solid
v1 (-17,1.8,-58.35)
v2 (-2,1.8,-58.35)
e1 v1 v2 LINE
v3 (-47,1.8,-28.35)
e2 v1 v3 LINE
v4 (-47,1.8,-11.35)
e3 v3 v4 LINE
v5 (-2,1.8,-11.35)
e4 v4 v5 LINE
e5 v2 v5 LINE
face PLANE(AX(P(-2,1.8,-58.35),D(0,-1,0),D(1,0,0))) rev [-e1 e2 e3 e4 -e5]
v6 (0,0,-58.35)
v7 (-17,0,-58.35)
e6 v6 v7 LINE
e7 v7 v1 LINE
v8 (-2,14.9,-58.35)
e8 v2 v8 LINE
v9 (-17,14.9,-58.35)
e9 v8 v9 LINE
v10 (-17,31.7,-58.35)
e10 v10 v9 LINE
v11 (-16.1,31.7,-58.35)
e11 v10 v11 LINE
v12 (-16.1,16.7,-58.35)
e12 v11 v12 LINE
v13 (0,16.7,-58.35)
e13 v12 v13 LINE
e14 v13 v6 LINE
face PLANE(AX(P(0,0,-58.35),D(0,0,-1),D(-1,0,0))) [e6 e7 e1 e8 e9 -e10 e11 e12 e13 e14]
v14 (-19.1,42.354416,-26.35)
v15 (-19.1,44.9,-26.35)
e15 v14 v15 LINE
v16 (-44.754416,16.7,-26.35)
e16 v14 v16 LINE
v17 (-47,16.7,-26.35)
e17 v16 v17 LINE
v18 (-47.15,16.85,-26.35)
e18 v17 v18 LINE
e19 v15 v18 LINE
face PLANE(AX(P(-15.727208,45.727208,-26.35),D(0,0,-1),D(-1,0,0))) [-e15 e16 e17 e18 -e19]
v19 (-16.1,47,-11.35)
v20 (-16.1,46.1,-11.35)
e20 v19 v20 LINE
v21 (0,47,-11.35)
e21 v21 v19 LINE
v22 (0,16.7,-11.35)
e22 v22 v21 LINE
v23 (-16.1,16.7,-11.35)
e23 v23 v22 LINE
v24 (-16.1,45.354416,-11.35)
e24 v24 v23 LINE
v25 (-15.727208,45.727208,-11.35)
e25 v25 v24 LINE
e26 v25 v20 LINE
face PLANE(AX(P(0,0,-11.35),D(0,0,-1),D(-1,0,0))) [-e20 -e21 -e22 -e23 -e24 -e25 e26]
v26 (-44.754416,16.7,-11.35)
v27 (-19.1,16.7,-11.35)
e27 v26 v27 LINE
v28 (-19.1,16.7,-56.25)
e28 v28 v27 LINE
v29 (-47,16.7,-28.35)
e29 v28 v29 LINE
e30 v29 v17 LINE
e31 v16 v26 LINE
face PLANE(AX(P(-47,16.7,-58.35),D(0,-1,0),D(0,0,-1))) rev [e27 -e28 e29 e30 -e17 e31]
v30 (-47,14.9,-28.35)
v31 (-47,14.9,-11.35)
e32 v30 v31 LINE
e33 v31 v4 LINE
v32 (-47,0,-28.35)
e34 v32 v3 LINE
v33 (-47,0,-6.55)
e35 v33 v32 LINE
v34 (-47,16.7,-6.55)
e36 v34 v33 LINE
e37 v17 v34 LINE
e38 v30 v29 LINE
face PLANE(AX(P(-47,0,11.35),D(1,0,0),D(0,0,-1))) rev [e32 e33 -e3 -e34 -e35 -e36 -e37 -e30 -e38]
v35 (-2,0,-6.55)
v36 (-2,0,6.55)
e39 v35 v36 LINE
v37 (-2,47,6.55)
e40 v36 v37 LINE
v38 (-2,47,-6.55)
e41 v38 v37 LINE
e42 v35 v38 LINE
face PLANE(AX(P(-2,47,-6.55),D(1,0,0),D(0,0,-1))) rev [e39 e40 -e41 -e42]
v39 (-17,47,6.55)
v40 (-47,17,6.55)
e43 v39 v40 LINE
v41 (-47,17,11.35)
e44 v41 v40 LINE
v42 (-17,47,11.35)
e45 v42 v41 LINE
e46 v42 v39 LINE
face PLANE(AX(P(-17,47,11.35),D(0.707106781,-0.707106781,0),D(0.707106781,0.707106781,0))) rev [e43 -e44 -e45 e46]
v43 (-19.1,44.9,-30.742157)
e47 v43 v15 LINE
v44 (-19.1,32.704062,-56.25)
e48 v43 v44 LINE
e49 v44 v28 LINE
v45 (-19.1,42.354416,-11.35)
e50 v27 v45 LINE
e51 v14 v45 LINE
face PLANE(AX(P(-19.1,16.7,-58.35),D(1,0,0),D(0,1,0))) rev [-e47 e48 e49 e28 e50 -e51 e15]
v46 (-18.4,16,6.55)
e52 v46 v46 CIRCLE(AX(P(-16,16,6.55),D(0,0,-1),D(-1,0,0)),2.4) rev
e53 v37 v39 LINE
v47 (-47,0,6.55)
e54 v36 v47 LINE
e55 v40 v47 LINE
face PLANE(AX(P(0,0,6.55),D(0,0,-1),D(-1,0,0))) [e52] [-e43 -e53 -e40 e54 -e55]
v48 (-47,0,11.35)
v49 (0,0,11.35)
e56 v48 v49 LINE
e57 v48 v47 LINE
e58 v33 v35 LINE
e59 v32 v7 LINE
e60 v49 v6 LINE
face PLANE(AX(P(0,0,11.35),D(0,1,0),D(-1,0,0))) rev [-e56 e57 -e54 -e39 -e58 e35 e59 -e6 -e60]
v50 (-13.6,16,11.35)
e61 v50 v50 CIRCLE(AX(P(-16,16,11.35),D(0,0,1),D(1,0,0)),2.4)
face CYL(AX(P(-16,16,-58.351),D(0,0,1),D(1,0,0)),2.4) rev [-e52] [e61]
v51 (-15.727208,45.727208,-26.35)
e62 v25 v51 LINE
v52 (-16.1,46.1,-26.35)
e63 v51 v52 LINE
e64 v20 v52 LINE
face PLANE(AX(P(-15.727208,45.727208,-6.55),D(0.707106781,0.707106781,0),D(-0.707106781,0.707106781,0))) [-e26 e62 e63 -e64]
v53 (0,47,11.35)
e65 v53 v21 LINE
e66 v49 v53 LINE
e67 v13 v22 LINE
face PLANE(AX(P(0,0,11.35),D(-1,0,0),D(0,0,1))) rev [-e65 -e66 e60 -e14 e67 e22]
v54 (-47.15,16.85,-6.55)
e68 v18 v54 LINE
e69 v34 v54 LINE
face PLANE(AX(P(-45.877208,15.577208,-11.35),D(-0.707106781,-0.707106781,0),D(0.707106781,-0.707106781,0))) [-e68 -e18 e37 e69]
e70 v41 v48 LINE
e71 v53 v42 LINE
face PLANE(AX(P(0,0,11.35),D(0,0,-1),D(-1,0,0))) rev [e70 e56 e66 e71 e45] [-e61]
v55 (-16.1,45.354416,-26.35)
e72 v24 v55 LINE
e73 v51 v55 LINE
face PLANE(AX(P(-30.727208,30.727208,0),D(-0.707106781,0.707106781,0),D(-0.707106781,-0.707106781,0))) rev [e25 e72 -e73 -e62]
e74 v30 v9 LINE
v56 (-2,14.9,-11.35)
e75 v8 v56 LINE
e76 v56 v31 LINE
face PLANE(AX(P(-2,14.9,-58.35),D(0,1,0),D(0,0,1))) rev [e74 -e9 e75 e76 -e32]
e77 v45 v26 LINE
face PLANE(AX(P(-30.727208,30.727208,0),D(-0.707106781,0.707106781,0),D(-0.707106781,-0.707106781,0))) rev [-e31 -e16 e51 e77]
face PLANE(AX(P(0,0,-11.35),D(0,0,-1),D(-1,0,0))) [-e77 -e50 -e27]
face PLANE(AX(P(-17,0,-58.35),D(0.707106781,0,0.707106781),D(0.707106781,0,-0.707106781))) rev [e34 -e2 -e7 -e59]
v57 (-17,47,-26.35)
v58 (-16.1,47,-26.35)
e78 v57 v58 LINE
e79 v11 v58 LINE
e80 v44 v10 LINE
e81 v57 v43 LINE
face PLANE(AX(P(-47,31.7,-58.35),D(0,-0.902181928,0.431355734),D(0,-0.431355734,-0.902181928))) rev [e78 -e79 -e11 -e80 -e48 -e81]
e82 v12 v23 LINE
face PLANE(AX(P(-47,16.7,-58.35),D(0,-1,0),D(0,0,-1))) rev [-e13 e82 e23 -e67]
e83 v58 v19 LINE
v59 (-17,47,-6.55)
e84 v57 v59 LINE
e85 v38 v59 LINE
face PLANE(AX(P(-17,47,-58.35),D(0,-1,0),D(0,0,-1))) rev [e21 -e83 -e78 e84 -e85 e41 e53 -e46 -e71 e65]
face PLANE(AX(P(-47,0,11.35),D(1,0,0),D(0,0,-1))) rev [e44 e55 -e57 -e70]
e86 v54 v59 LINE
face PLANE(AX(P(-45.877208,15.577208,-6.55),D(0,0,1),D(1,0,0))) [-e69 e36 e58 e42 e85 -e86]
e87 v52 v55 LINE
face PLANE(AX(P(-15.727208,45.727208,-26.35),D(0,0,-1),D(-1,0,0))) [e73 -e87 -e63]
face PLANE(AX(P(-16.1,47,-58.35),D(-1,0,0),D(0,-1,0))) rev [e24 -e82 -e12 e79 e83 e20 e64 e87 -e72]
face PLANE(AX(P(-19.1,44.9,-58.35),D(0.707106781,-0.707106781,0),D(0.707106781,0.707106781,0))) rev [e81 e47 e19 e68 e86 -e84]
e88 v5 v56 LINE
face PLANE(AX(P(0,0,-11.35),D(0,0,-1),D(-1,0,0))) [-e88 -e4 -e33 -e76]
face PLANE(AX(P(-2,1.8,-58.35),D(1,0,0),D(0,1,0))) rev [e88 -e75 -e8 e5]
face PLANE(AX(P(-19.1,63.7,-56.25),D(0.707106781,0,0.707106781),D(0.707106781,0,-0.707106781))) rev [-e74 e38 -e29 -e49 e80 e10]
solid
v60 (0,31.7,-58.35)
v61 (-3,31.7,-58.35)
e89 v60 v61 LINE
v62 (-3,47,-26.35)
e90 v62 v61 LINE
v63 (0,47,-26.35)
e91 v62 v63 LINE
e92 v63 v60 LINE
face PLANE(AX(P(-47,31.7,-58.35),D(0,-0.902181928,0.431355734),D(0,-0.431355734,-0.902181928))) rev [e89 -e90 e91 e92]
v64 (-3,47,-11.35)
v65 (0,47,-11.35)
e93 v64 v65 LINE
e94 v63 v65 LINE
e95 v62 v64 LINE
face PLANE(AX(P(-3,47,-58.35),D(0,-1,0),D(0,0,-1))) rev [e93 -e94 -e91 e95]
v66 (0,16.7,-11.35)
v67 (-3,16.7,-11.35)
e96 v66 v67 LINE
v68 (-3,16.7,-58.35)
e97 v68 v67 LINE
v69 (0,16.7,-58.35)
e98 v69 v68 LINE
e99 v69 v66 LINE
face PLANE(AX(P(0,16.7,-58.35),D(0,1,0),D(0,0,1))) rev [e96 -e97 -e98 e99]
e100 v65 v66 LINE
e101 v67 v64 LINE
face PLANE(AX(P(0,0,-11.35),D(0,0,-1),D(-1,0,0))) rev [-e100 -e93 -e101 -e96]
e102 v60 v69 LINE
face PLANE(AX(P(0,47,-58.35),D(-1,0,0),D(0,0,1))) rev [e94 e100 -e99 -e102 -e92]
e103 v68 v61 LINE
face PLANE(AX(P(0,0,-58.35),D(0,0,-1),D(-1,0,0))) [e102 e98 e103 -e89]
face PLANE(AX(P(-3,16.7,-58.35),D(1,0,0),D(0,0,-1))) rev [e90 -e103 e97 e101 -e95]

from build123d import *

# Parameters (mm, degrees)
BOSS_EXTRUDE1_DEPTH     = 11.35
CUT_EXTRUDE1_DEPTH      = 6.55
BOSS_EXTRUDE2_DEPTH     = 47
SKETCH5_W               = 3
SKETCH5_H               = 30.3
BOSS_EXTRUDE3_DEPTH     = 47
BOSS_EXTRUDE3_2_DEPTH   = 47
CUT_EXTRUDE2_DEPTH      = 31.3
CUT_EXTRUDE2_DEPTH_BACK = 17.7
CUT_EXTRUDE3_DEPTH      = 47
CUT_EXTRUDE4_DEPTH      = 48
SKETCH8_R               = 2.4
CUT_EXTRUDE5_DEPTH      = 4.8
SKETCH9_W               = 45
SKETCH9_H               = 13.1
CUT_EXTRUDE6_DEPTH      = 2
BOSS_EXTRUDE4_DEPTH     = 1.8


with BuildPart() as part:
    # Sketch1 → Boss-Extrude1 (new body, symmetric)
    with BuildSketch(Plane.XY):
        Polygon((0, 0), (0, 47), (-17, 47), (-47, 17), (-47, 0), align=None)
    extrude(amount=BOSS_EXTRUDE1_DEPTH, both=True)

    # Sketch2 → Cut-Extrude1 (cut, symmetric)
    with BuildSketch(Plane.XY):
        Polygon((-47, 17), (-47, 2), (-2, 2), (-2, 47), (-17, 47), align=None)
    extrude(amount=CUT_EXTRUDE1_DEPTH, both=True, mode=Mode.SUBTRACT)

    # Sketch3 → Boss-Extrude2 (add)
    with BuildSketch(Plane(origin=(0, 0, -11.35), x_dir=(-1, 0, 0), z_dir=(0, 0, -1))):
        Polygon((0, 0), (0, 2), (0, 14.7), (0, 16.7), (47, 16.7), (47, 14.9), (2, 14.9), (2, 1.8), (47, 1.8), (47, 0), align=None)
    extrude(amount=BOSS_EXTRUDE2_DEPTH)

    # Sketch4 → Cut-Extrude2 (cut, two sides)
    with BuildSketch(Plane(origin=(0, 16.7, 0), x_dir=(1, 0, 0), z_dir=(0, 1, 0))) as cut_extrude2_sk:
        Polygon((-17, 58.35), (-47, 28.35), (-47, 58.35), align=None)
    extrude(amount=CUT_EXTRUDE2_DEPTH, mode=Mode.SUBTRACT)
    extrude(cut_extrude2_sk.sketch, amount=-CUT_EXTRUDE2_DEPTH_BACK, mode=Mode.SUBTRACT)

    # Sketch8 → Cut-Extrude5 (cut)
    with BuildSketch(Plane.XY.offset(11.35)):
        with Locations((-16, 16)):
            Circle(SKETCH8_R)
    extrude(amount=-CUT_EXTRUDE5_DEPTH, mode=Mode.SUBTRACT)

    # Sketch9 → Cut-Extrude6 (cut)
    with BuildSketch(Plane(origin=(0, 2, 0), x_dir=(1, 0, 0), z_dir=(0, 1, 0))):
        with Locations((-24.5, 0)):
            Rectangle(SKETCH9_W, SKETCH9_H)
    extrude(amount=-CUT_EXTRUDE6_DEPTH, mode=Mode.SUBTRACT)



with BuildPart() as body_2:
    # Sketch5 → Boss-Extrude3 (new body, through all)
    with BuildSketch(Plane(origin=(0, 0, -11.35), x_dir=(-1, 0, 0), z_dir=(0, 0, -1))):
        with Locations((1.5, 31.85)):
            Rectangle(SKETCH5_W, SKETCH5_H)
    extrude(amount=BOSS_EXTRUDE3_DEPTH)


with BuildPart() as body_3:
    # Sketch5 → Boss-Extrude3 2 (new body, through all)
    with BuildSketch(Plane(origin=(0, 0, -11.35), x_dir=(-1, 0, 0), z_dir=(0, 0, -1))):
        Polygon((16.1, 47), (16.1, 16.7), (19.1, 16.7), (19.1, 44.9), (17, 47), align=None)
    extrude(amount=BOSS_EXTRUDE3_2_DEPTH)

    # Sketch6 → Cut-Extrude3 (cut)
    with BuildSketch(Plane.XZ.offset(-16.7)):
        Polygon((-17, -58.35), (-18.7, -56.65), (-19.1, -56.25), (-19.1, -58.35), (-18.7, -58.35), align=None)
    extrude(amount=-CUT_EXTRUDE3_DEPTH, mode=Mode.SUBTRACT)


with BuildPart() as cut_extrude4_tool:
    # Sketch7 → Cut-Extrude4 (new body, through all)
    with BuildSketch(Plane(origin=(0, 0, 0), x_dir=(0, 0, -1), z_dir=(1, 0, 0))):
        Polygon((58.35, 31.7), (26.35, 47), (58.35, 47), align=None)
    extrude(amount=-CUT_EXTRUDE4_DEPTH)


with BuildPart() as body_2_1:
    add(body_2.part)

    # Cut-Extrude4: cut by cut_extrude4_tool
    add(cut_extrude4_tool.part, mode=Mode.SUBTRACT)


with BuildPart() as body_3_1:
    add(body_3.part)

    # Cut-Extrude4: cut by cut_extrude4_tool
    add(cut_extrude4_tool.part, mode=Mode.SUBTRACT)


with BuildPart() as part_1:
    add(part.part)

    add(body_3_1.part)  # Boss-Extrude4 merges body 3
    # Sketch10 → Boss-Extrude4 (add)
    with BuildSketch(Plane(origin=(-32, 32, 0), x_dir=(0, 0, 1), z_dir=(-0.707106781, 0.707106781, 0))):
        Polygon((-11.35, -21.42533547), (-6.55, -21.42533547), (-6.55, 21.213203436), (-26.35, 21.213203436), (-26.35, -21.42533547), align=None)
    extrude(amount=-BOSS_EXTRUDE4_DEPTH)


solid = Compound([body_2_1.part, part_1.part])
